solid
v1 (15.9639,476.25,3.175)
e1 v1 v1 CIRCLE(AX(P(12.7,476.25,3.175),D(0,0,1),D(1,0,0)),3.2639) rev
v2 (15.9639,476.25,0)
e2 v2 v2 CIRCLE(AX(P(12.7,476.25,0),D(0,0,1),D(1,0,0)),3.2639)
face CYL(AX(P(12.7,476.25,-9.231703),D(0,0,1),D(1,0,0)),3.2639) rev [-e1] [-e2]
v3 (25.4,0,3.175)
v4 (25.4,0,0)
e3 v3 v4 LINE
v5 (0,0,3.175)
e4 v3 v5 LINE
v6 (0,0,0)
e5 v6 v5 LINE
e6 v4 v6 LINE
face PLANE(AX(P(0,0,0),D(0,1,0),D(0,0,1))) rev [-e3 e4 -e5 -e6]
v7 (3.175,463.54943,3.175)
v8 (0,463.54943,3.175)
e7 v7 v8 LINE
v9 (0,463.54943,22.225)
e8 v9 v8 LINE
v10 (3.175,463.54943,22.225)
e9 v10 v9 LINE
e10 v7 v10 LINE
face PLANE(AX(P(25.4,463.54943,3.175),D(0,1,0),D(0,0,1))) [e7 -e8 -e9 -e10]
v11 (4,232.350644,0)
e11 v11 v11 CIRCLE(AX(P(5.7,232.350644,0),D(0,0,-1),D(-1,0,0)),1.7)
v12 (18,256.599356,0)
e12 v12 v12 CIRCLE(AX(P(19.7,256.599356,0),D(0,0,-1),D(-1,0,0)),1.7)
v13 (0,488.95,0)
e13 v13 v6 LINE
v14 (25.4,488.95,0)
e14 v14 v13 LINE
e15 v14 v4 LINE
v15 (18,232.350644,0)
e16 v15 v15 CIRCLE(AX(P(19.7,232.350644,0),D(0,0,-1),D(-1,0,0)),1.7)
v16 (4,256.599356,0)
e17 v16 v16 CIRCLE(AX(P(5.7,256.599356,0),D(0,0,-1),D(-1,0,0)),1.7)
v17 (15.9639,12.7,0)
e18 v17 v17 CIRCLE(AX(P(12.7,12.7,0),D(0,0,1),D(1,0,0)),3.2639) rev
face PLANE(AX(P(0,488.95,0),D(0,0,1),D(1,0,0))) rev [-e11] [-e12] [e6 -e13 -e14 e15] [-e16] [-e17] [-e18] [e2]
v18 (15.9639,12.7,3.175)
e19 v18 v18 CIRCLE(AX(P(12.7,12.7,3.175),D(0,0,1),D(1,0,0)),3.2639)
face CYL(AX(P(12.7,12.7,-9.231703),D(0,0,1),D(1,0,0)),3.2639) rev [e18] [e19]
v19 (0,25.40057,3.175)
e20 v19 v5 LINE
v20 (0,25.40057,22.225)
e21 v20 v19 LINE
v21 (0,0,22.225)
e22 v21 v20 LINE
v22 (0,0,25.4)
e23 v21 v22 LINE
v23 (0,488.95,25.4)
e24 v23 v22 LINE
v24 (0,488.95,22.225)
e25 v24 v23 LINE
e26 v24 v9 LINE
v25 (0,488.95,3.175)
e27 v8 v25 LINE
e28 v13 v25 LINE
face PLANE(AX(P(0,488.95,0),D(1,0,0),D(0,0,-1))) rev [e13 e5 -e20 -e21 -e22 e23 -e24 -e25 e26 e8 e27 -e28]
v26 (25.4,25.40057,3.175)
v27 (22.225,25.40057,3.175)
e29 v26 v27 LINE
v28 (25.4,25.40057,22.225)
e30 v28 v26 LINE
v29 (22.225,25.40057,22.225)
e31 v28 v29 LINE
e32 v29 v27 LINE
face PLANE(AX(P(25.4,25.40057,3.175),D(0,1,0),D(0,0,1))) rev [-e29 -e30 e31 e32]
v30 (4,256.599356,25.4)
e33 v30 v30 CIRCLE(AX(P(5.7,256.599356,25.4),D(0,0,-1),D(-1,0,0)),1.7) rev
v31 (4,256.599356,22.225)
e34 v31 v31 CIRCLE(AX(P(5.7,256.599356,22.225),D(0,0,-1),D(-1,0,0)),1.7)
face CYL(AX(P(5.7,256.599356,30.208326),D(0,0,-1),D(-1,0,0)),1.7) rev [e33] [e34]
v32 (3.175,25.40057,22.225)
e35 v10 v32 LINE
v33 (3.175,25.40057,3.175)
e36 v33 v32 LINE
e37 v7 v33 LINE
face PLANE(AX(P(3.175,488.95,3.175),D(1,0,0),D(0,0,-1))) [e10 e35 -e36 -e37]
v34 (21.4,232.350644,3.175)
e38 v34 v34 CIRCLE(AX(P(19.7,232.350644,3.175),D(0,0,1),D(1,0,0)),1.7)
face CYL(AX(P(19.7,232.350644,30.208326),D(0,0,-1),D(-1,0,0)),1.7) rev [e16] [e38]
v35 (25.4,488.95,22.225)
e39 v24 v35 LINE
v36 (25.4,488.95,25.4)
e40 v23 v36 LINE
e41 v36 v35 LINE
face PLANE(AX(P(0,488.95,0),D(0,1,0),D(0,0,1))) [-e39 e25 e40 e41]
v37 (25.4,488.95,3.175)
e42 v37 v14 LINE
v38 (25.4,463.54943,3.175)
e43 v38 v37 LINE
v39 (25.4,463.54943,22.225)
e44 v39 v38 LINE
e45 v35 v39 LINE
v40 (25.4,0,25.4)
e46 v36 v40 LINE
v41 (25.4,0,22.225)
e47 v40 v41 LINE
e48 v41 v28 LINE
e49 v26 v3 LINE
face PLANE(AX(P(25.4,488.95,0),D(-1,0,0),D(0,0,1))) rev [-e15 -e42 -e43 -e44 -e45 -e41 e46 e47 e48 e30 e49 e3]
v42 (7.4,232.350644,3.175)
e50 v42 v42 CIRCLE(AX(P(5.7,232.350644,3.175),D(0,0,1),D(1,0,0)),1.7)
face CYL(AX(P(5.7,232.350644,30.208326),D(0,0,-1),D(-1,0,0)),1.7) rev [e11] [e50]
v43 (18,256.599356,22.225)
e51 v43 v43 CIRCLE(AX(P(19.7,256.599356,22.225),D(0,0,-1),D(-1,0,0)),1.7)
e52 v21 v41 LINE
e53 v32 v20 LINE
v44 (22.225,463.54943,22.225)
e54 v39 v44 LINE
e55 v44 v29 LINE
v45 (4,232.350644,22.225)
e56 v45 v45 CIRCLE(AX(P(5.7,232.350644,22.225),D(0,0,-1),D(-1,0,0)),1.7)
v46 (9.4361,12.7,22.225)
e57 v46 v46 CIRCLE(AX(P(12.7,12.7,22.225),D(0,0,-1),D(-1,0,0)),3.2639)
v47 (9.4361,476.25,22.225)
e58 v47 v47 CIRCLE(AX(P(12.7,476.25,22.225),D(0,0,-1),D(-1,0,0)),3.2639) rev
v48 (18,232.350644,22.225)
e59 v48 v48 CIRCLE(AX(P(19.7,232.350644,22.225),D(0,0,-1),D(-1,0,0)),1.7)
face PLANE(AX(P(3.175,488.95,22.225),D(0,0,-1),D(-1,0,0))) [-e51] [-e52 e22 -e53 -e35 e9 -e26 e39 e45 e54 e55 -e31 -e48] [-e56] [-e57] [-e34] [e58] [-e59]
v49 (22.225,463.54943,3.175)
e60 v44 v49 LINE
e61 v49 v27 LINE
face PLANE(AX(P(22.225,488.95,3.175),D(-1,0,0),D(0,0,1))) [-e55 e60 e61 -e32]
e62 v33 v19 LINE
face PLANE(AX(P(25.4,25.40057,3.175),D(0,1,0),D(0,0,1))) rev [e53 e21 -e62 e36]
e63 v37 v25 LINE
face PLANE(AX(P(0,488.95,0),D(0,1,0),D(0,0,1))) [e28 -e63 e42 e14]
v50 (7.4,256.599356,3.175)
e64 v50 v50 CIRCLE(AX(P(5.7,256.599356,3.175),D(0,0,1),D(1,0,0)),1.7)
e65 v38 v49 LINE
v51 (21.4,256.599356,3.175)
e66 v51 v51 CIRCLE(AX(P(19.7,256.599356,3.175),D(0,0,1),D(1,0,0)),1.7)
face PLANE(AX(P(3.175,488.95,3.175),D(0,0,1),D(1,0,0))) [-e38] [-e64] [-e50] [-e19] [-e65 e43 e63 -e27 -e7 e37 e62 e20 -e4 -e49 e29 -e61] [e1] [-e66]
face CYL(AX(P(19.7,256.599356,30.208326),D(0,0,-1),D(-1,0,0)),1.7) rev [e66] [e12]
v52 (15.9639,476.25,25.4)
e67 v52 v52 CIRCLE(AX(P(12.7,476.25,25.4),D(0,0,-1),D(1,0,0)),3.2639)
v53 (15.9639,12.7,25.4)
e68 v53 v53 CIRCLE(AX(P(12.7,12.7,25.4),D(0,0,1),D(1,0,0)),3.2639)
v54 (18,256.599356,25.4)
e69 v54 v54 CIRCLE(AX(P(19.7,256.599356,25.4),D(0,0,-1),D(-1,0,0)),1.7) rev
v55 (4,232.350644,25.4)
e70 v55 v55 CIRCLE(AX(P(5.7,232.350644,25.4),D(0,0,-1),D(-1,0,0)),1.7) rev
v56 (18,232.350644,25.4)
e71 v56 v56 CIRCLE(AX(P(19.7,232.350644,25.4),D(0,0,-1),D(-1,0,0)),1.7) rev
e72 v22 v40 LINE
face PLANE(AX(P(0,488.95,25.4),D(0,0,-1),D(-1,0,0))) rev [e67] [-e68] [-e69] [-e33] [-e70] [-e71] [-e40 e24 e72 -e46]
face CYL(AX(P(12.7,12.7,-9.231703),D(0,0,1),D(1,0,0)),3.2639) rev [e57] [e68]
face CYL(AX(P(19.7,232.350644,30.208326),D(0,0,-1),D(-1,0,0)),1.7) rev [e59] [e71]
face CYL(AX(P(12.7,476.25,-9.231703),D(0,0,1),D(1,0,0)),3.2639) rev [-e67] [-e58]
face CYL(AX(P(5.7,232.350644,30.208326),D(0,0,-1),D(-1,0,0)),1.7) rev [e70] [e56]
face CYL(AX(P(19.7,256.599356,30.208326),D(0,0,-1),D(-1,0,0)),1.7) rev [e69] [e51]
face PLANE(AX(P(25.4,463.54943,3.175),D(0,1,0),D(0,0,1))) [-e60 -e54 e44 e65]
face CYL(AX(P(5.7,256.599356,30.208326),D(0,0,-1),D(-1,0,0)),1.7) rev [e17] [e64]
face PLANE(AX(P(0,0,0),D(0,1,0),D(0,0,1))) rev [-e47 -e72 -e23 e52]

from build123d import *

# Parameters (mm, degrees)
SKETCH1_W           = 25.4
SKETCH1_H           = 25.4
SKETCH1_W_2         = 19.05
SKETCH1_H_2         = 19.05
BOSS_EXTRUDE1_DEPTH = 488.95
CUT_EXTRUDE1_REACH  = 492.268
SKETCH2_R           = 1.7
SKETCH5_W           = 19.05
SKETCH5_H           = 25.400569513
CUT_EXTRUDE2_DEPTH  = 491.267704933
CUT_EXTRUDE3_REACH  = 492.268
SKETCH6_R           = 3.2639


with BuildPart() as part:
    # Sketch1 → Boss-Extrude1 (new body)
    with BuildSketch(Plane(origin=(0, 0, 0), x_dir=(1, 0, 0), z_dir=(0, 1, 0))):
        with Locations((12.7, -12.7)):
            Rectangle(SKETCH1_W, SKETCH1_H)
        with Locations((12.7, -12.7)):
            Rectangle(SKETCH1_W_2, SKETCH1_H_2, mode=Mode.SUBTRACT)
    extrude(amount=BOSS_EXTRUDE1_DEPTH)

    # Cut-Extrude1: up to this face of the body (flat: up to its plane)
    cut_extrude1_end = Plane(part.part.faces().sort_by_distance((12.7, 244.475, 25.4))[0])
    # Sketch2 → Cut-Extrude1 (cut, up to the picked face)
    with BuildSketch(Plane(origin=(0, 0, 0), x_dir=(-1, 0, 0), z_dir=(0, 0, -1)), mode=Mode.PRIVATE) as cut_extrude1_sk1:
        with Locations((-5.7, 232.350644347)):
            Circle(SKETCH2_R)
    cut_extrude1_tool1 = split(extrude(cut_extrude1_sk1.sketch, amount=-CUT_EXTRUDE1_REACH, mode=Mode.PRIVATE), bisect_by=cut_extrude1_end, keep=Keep.BOTH, mode=Mode.PRIVATE)
    # Sketch2 → Cut-Extrude1 (cut, up to the picked face)
    with BuildSketch(Plane(origin=(0, 0, 0), x_dir=(-1, 0, 0), z_dir=(0, 0, -1)), mode=Mode.PRIVATE) as cut_extrude1_sk2:
        with Locations((-19.7, 232.350644347)):
            Circle(SKETCH2_R)
    cut_extrude1_tool2 = split(extrude(cut_extrude1_sk2.sketch, amount=-CUT_EXTRUDE1_REACH, mode=Mode.PRIVATE), bisect_by=cut_extrude1_end, keep=Keep.BOTH, mode=Mode.PRIVATE)
    # Sketch2 → Cut-Extrude1 (cut, up to the picked face)
    with BuildSketch(Plane(origin=(0, 0, 0), x_dir=(-1, 0, 0), z_dir=(0, 0, -1)), mode=Mode.PRIVATE) as cut_extrude1_sk3:
        with Locations((-19.7, 256.599355653)):
            Circle(SKETCH2_R)
    cut_extrude1_tool3 = split(extrude(cut_extrude1_sk3.sketch, amount=-CUT_EXTRUDE1_REACH, mode=Mode.PRIVATE), bisect_by=cut_extrude1_end, keep=Keep.BOTH, mode=Mode.PRIVATE)
    # Sketch2 → Cut-Extrude1 (cut, up to the picked face)
    with BuildSketch(Plane(origin=(0, 0, 0), x_dir=(-1, 0, 0), z_dir=(0, 0, -1)), mode=Mode.PRIVATE) as cut_extrude1_sk4:
        with Locations((-5.7, 256.599355653)):
            Circle(SKETCH2_R)
    cut_extrude1_tool4 = split(extrude(cut_extrude1_sk4.sketch, amount=-CUT_EXTRUDE1_REACH, mode=Mode.PRIVATE), bisect_by=cut_extrude1_end, keep=Keep.BOTH, mode=Mode.PRIVATE)
    add(cut_extrude1_tool1.solids().sort_by(Axis((5.7, 232.350644, 0), (0, 0, 1)))[0], mode=Mode.SUBTRACT)
    add(cut_extrude1_tool2.solids().sort_by(Axis((19.7, 232.350644, 0), (0, 0, 1)))[0], mode=Mode.SUBTRACT)
    add(cut_extrude1_tool3.solids().sort_by(Axis((19.7, 256.599356, 0), (0, 0, 1)))[0], mode=Mode.SUBTRACT)
    add(cut_extrude1_tool4.solids().sort_by(Axis((5.7, 256.599356, 0), (0, 0, 1)))[0], mode=Mode.SUBTRACT)

    # Sketch5 → Cut-Extrude2 (cut, through all)
    with BuildSketch(Plane.ZY):
        with Locations((12.7, 12.700284757)):
            Rectangle(SKETCH5_W, SKETCH5_H)
    cut_extrude2 = extrude(amount=-CUT_EXTRUDE2_DEPTH, mode=Mode.SUBTRACT)

    # Mirror1: Cut-Extrude2 across plane
    add(cut_extrude2.mirror(Plane.ZX.offset(244.475)), mode=Mode.SUBTRACT)

    # Cut-Extrude3: up to this face of the body (flat: up to its plane)
    cut_extrude3_end = Plane(part.part.faces().sort_by_distance((12.7, 244.475, 0))[0])
    # Sketch6 → Cut-Extrude3 (cut, up to the picked face)
    with BuildSketch(Plane.XY.offset(25.4), mode=Mode.PRIVATE) as cut_extrude3_sk1:
        with Locations((12.7, 12.7)):
            Circle(SKETCH6_R)
    cut_extrude3_tool1 = split(extrude(cut_extrude3_sk1.sketch, amount=-CUT_EXTRUDE3_REACH, mode=Mode.PRIVATE), bisect_by=cut_extrude3_end, keep=Keep.BOTH, mode=Mode.PRIVATE)
    cut_extrude3 = cut_extrude3_tool1.solids().sort_by(Axis((12.7, 12.7, 25.4), (0, 0, -1)))[0]
    add(cut_extrude3, mode=Mode.SUBTRACT)

    # Mirror2: Cut-Extrude3 across plane
    add(cut_extrude3.mirror(Plane.ZX.offset(244.475)), mode=Mode.SUBTRACT)


solid = part.part
